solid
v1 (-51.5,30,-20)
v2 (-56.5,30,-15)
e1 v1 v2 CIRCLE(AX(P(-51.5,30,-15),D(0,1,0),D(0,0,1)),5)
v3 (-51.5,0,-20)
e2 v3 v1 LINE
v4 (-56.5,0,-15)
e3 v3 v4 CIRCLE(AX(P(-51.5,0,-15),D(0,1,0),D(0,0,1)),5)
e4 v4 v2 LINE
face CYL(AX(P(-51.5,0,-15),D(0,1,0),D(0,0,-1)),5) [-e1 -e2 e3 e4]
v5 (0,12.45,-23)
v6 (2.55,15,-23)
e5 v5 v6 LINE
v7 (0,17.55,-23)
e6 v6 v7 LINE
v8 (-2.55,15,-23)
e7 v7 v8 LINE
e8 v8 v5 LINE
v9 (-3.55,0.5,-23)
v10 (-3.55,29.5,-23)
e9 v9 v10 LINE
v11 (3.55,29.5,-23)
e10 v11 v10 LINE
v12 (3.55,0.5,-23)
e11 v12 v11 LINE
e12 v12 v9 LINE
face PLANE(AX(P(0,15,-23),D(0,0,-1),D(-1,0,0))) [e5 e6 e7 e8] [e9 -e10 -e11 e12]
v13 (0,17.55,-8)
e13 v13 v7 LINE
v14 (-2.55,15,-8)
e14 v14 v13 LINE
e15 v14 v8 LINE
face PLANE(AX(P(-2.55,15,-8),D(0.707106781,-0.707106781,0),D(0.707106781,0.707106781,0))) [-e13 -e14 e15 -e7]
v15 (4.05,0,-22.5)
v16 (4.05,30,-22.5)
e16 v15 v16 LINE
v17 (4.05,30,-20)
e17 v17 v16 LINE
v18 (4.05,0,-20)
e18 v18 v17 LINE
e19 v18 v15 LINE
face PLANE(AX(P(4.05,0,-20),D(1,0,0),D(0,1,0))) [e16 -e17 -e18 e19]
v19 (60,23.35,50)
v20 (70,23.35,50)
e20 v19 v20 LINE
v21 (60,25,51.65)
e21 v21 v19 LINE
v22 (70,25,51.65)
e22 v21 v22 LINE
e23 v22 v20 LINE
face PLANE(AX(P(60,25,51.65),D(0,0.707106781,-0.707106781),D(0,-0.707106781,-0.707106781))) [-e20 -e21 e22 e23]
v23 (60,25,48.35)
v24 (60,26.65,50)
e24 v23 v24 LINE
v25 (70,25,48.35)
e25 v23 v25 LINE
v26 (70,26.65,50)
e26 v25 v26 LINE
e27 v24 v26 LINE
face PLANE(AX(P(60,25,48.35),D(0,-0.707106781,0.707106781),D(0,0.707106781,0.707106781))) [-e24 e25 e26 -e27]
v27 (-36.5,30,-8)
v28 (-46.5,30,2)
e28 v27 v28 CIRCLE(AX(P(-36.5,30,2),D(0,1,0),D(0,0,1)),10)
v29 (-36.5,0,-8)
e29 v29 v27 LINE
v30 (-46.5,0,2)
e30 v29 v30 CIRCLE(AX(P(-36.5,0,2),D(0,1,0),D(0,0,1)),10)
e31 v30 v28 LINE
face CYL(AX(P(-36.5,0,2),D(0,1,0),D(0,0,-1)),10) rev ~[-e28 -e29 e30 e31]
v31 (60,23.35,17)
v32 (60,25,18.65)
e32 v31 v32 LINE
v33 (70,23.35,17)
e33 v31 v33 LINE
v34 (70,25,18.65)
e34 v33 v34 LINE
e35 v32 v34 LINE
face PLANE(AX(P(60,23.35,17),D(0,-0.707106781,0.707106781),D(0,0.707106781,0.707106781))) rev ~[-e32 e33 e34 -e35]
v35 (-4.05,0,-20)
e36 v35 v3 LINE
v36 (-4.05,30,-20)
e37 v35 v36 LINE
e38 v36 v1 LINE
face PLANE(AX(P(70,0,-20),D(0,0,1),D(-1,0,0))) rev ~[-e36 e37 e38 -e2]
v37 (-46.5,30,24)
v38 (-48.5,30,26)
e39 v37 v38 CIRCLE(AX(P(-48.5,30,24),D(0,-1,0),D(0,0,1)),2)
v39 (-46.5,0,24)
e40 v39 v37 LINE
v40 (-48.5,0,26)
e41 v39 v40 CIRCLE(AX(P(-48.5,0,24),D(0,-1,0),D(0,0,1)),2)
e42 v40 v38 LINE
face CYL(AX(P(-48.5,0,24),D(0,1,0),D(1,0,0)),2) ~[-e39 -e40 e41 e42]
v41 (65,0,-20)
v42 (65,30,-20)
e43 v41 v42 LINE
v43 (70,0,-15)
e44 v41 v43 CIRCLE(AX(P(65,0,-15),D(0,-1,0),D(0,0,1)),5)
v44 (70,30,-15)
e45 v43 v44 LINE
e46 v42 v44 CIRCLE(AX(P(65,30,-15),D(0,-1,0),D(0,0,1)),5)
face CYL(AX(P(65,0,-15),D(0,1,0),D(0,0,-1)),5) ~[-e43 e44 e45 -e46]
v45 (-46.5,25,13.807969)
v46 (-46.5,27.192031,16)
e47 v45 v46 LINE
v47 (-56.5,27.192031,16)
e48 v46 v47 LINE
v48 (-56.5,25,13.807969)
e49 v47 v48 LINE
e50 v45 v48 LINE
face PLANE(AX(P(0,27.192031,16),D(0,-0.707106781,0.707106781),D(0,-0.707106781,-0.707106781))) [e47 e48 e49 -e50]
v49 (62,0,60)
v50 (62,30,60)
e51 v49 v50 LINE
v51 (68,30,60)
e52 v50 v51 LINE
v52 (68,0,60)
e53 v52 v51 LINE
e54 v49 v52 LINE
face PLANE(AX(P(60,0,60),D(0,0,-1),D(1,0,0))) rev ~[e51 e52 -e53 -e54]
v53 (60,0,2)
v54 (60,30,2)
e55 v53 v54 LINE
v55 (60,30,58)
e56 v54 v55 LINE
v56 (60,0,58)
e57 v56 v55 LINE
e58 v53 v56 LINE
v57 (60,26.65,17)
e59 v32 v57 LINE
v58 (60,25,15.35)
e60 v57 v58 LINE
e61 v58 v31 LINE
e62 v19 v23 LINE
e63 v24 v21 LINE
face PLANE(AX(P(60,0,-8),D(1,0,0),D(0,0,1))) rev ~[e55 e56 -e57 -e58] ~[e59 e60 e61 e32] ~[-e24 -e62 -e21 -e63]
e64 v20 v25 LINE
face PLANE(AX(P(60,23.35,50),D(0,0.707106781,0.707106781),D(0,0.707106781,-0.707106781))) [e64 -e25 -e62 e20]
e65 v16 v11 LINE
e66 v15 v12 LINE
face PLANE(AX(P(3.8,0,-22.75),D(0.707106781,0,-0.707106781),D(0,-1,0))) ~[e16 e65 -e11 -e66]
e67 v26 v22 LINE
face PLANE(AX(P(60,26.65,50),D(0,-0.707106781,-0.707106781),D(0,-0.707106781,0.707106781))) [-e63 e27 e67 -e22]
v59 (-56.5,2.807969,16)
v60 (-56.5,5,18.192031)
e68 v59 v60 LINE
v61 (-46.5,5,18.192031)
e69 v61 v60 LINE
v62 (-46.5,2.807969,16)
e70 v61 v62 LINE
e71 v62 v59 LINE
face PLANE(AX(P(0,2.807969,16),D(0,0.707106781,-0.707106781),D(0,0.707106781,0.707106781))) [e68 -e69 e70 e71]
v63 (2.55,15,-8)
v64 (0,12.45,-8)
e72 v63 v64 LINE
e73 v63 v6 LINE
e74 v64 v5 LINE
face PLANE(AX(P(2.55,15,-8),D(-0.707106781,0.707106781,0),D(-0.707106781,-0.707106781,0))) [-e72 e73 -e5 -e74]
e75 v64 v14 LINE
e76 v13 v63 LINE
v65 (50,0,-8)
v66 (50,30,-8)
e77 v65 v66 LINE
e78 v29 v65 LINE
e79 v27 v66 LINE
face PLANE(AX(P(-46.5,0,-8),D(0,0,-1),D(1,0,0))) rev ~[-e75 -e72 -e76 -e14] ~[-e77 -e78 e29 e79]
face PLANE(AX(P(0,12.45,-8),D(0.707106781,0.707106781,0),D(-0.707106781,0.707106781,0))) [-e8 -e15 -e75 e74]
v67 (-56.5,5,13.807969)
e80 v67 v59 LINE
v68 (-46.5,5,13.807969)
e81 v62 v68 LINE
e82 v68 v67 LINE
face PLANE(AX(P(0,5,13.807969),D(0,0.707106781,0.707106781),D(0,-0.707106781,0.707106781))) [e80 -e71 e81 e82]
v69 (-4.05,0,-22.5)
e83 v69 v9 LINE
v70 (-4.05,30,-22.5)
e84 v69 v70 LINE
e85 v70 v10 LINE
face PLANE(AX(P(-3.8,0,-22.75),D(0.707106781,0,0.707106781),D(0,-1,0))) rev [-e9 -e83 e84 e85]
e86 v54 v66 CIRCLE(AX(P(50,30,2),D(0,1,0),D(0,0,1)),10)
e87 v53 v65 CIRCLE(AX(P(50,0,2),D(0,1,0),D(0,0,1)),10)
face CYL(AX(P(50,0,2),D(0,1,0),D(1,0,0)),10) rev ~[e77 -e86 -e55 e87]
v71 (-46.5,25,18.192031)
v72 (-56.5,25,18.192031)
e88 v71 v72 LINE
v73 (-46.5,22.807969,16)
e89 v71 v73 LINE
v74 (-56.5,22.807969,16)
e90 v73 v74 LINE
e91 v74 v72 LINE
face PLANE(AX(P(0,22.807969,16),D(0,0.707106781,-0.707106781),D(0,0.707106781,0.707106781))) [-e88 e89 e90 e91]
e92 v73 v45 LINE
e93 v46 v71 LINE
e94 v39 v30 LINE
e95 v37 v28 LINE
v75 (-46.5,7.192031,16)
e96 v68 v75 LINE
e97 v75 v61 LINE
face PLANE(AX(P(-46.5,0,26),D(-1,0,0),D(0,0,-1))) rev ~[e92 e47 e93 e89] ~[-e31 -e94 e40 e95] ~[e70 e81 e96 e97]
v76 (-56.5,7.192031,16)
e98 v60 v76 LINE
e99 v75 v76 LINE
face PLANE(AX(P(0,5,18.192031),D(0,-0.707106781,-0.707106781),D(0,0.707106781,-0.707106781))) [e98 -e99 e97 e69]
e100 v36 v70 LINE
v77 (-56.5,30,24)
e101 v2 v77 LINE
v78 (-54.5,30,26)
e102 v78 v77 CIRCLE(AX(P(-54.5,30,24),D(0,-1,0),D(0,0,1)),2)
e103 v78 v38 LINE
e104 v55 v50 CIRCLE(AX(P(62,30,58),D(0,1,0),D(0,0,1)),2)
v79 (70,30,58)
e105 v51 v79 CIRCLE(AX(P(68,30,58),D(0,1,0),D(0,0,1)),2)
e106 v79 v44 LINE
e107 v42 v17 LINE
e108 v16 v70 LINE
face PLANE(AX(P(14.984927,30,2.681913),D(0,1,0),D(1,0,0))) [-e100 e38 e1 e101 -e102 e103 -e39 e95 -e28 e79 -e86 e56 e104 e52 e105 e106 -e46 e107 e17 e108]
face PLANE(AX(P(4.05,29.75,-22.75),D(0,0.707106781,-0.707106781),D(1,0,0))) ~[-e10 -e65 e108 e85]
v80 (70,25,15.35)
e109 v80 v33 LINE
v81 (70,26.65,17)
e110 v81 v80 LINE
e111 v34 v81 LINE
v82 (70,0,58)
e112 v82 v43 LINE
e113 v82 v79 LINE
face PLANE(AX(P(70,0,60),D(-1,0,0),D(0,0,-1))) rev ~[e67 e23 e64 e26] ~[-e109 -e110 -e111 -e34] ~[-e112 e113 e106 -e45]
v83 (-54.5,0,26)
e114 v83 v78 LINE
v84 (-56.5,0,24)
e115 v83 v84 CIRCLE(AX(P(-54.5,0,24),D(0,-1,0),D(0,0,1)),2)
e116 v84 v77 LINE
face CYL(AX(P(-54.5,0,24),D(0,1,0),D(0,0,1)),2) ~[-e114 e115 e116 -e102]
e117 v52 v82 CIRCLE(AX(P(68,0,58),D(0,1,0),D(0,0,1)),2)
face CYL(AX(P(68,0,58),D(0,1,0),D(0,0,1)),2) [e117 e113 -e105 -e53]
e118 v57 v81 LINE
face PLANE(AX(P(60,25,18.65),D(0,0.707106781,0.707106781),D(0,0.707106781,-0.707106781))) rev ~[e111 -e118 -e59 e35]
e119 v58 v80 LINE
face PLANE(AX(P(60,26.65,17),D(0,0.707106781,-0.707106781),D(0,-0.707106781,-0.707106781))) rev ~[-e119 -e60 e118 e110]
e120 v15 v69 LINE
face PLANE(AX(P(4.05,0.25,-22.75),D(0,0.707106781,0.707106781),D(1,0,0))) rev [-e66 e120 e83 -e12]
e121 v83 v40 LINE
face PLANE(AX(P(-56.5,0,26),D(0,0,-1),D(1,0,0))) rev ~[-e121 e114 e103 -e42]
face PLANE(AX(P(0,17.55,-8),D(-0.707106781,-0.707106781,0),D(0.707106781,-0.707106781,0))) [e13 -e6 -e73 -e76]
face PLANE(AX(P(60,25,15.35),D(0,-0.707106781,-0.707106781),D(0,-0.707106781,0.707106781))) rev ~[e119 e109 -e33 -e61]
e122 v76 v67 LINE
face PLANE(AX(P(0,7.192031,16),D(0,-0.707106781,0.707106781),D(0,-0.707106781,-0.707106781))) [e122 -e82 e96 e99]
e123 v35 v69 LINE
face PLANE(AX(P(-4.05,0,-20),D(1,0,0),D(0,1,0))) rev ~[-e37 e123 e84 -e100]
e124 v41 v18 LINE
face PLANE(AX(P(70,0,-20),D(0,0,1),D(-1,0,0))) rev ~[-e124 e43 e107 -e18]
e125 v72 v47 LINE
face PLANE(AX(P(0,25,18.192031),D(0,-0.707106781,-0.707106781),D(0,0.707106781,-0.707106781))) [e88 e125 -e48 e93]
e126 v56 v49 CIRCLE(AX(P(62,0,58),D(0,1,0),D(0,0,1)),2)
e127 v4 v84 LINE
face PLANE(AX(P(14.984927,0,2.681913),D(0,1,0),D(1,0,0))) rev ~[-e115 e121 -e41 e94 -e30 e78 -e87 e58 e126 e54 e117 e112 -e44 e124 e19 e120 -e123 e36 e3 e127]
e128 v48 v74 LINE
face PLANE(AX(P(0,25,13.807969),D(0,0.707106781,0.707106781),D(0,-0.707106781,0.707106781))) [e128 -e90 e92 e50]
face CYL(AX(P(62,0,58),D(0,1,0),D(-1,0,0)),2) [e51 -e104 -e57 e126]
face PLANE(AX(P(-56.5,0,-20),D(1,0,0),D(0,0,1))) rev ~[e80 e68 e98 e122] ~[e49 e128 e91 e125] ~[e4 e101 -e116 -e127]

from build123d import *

# Parameters (mm, degrees)
AUFSATZ_LINEAR_AUSTRAGEN1_DEPTH = 30
SKIZZE5_W                       = 8.1
SKIZZE5_H                       = 30
AUFSATZ_LINEAR_AUSTRAGEN2_DEPTH = 3
FASE2_SIZE                      = 0.5
VERRUNDUNG1_R                   = 5
VERRUNDUNG2_R                   = 10
SCHNITT_LINEAR_AUSTRAGEN1_DEPTH = 135.433068848
VERRUNDUNG3_R                   = 2
SCHNITT_LINEAR_AUSTRAGEN2_DEPTH = 97.953597148
SCHNITT_LINEAR_AUSTRAGEN3_DEPTH = 103.097992145


with BuildPart() as part:
    # Skizze1 → Aufsatz-Linear austragen1 (new body)
    with BuildSketch(Plane(origin=(0, 0, 0), x_dir=(1, 0, 0), z_dir=(0, 1, 0))):
        Polygon((-56.5, 0), (-56.5, -26), (-46.5, -26), (-46.5, 8), (60, 8), (60, -60), (70, -60), (70, 0), (70, 20), (-56.5, 20), align=None)
    extrude(amount=AUFSATZ_LINEAR_AUSTRAGEN1_DEPTH)

    # Skizze5 → Aufsatz-Linear austragen2 (add)
    with BuildSketch(Plane(origin=(0, 0, -20), x_dir=(-1, 0, 0), z_dir=(0, 0, -1))):
        with Locations((0, 15)):
            Rectangle(SKIZZE5_W, SKIZZE5_H)
    extrude(amount=AUFSATZ_LINEAR_AUSTRAGEN2_DEPTH)

    # Fase2
    fase2_edges = [part.edges().sort_by_distance(p)[0] for p in [
        (-4.05, 15, -23),
        (0, 0, -23),
        (4.05, 15, -23),
        (0, 30, -23),
    ]]
    chamfer(fase2_edges, length=FASE2_SIZE)

    # Verrundung1
    verrundung1_edges = [part.edges().sort_by_distance(p)[0] for p in [
        (70, 15, -20),
        (-56.5, 15, -20),
    ]]
    fillet(verrundung1_edges, radius=VERRUNDUNG1_R)

    # Verrundung2
    verrundung2_edges = [part.edges().sort_by_distance(p)[0] for p in [
        (60, 15, -8),
        (-46.5, 15, -8),
    ]]
    fillet(verrundung2_edges, radius=VERRUNDUNG2_R)

    # Skizze8 → Schnitt-Linear austragen1 (cut, through all)
    with BuildSketch(Plane.ZY.offset(-60)):
        Polygon((17, 26.65), (15.35, 25), (17, 23.35), (18.65, 25), align=None)
        Polygon((48.35, 25), (50, 26.65), (51.65, 25), (50, 23.35), align=None)
    extrude(amount=-SCHNITT_LINEAR_AUSTRAGEN1_DEPTH, mode=Mode.SUBTRACT)

    # Verrundung3
    verrundung3_edges = [part.edges().sort_by_distance(p)[0] for p in [
        (70, 15, 60),
        (60, 15, 60),
        (-46.5, 15, 26),
        (-56.5, 15, 26),
    ]]
    fillet(verrundung3_edges, radius=VERRUNDUNG3_R)

    # Skizze9 → Schnitt-Linear austragen2 (cut, through all)
    with BuildSketch(Plane(origin=(0, 0, 0), x_dir=(0, 0, -1), z_dir=(1, 0, 0))):
        Polygon((-16, 27.192031022), (-13.807968978, 25), (-16, 22.807968978), (-18.192031022, 25), align=None)
        Polygon((-16, 7.192031022), (-13.807968978, 5), (-16, 2.807968978), (-18.192031022, 5), align=None)
    extrude(amount=-SCHNITT_LINEAR_AUSTRAGEN2_DEPTH, mode=Mode.SUBTRACT)

    # Skizze10 → Schnitt-Linear austragen3 (cut, through all)
    with BuildSketch(Plane.XY.offset(-8)):
        Polygon((0, 17.55), (2.55, 15), (0, 12.45), (-2.55, 15), align=None)
    extrude(amount=-SCHNITT_LINEAR_AUSTRAGEN3_DEPTH, mode=Mode.SUBTRACT)


solid = part.part
